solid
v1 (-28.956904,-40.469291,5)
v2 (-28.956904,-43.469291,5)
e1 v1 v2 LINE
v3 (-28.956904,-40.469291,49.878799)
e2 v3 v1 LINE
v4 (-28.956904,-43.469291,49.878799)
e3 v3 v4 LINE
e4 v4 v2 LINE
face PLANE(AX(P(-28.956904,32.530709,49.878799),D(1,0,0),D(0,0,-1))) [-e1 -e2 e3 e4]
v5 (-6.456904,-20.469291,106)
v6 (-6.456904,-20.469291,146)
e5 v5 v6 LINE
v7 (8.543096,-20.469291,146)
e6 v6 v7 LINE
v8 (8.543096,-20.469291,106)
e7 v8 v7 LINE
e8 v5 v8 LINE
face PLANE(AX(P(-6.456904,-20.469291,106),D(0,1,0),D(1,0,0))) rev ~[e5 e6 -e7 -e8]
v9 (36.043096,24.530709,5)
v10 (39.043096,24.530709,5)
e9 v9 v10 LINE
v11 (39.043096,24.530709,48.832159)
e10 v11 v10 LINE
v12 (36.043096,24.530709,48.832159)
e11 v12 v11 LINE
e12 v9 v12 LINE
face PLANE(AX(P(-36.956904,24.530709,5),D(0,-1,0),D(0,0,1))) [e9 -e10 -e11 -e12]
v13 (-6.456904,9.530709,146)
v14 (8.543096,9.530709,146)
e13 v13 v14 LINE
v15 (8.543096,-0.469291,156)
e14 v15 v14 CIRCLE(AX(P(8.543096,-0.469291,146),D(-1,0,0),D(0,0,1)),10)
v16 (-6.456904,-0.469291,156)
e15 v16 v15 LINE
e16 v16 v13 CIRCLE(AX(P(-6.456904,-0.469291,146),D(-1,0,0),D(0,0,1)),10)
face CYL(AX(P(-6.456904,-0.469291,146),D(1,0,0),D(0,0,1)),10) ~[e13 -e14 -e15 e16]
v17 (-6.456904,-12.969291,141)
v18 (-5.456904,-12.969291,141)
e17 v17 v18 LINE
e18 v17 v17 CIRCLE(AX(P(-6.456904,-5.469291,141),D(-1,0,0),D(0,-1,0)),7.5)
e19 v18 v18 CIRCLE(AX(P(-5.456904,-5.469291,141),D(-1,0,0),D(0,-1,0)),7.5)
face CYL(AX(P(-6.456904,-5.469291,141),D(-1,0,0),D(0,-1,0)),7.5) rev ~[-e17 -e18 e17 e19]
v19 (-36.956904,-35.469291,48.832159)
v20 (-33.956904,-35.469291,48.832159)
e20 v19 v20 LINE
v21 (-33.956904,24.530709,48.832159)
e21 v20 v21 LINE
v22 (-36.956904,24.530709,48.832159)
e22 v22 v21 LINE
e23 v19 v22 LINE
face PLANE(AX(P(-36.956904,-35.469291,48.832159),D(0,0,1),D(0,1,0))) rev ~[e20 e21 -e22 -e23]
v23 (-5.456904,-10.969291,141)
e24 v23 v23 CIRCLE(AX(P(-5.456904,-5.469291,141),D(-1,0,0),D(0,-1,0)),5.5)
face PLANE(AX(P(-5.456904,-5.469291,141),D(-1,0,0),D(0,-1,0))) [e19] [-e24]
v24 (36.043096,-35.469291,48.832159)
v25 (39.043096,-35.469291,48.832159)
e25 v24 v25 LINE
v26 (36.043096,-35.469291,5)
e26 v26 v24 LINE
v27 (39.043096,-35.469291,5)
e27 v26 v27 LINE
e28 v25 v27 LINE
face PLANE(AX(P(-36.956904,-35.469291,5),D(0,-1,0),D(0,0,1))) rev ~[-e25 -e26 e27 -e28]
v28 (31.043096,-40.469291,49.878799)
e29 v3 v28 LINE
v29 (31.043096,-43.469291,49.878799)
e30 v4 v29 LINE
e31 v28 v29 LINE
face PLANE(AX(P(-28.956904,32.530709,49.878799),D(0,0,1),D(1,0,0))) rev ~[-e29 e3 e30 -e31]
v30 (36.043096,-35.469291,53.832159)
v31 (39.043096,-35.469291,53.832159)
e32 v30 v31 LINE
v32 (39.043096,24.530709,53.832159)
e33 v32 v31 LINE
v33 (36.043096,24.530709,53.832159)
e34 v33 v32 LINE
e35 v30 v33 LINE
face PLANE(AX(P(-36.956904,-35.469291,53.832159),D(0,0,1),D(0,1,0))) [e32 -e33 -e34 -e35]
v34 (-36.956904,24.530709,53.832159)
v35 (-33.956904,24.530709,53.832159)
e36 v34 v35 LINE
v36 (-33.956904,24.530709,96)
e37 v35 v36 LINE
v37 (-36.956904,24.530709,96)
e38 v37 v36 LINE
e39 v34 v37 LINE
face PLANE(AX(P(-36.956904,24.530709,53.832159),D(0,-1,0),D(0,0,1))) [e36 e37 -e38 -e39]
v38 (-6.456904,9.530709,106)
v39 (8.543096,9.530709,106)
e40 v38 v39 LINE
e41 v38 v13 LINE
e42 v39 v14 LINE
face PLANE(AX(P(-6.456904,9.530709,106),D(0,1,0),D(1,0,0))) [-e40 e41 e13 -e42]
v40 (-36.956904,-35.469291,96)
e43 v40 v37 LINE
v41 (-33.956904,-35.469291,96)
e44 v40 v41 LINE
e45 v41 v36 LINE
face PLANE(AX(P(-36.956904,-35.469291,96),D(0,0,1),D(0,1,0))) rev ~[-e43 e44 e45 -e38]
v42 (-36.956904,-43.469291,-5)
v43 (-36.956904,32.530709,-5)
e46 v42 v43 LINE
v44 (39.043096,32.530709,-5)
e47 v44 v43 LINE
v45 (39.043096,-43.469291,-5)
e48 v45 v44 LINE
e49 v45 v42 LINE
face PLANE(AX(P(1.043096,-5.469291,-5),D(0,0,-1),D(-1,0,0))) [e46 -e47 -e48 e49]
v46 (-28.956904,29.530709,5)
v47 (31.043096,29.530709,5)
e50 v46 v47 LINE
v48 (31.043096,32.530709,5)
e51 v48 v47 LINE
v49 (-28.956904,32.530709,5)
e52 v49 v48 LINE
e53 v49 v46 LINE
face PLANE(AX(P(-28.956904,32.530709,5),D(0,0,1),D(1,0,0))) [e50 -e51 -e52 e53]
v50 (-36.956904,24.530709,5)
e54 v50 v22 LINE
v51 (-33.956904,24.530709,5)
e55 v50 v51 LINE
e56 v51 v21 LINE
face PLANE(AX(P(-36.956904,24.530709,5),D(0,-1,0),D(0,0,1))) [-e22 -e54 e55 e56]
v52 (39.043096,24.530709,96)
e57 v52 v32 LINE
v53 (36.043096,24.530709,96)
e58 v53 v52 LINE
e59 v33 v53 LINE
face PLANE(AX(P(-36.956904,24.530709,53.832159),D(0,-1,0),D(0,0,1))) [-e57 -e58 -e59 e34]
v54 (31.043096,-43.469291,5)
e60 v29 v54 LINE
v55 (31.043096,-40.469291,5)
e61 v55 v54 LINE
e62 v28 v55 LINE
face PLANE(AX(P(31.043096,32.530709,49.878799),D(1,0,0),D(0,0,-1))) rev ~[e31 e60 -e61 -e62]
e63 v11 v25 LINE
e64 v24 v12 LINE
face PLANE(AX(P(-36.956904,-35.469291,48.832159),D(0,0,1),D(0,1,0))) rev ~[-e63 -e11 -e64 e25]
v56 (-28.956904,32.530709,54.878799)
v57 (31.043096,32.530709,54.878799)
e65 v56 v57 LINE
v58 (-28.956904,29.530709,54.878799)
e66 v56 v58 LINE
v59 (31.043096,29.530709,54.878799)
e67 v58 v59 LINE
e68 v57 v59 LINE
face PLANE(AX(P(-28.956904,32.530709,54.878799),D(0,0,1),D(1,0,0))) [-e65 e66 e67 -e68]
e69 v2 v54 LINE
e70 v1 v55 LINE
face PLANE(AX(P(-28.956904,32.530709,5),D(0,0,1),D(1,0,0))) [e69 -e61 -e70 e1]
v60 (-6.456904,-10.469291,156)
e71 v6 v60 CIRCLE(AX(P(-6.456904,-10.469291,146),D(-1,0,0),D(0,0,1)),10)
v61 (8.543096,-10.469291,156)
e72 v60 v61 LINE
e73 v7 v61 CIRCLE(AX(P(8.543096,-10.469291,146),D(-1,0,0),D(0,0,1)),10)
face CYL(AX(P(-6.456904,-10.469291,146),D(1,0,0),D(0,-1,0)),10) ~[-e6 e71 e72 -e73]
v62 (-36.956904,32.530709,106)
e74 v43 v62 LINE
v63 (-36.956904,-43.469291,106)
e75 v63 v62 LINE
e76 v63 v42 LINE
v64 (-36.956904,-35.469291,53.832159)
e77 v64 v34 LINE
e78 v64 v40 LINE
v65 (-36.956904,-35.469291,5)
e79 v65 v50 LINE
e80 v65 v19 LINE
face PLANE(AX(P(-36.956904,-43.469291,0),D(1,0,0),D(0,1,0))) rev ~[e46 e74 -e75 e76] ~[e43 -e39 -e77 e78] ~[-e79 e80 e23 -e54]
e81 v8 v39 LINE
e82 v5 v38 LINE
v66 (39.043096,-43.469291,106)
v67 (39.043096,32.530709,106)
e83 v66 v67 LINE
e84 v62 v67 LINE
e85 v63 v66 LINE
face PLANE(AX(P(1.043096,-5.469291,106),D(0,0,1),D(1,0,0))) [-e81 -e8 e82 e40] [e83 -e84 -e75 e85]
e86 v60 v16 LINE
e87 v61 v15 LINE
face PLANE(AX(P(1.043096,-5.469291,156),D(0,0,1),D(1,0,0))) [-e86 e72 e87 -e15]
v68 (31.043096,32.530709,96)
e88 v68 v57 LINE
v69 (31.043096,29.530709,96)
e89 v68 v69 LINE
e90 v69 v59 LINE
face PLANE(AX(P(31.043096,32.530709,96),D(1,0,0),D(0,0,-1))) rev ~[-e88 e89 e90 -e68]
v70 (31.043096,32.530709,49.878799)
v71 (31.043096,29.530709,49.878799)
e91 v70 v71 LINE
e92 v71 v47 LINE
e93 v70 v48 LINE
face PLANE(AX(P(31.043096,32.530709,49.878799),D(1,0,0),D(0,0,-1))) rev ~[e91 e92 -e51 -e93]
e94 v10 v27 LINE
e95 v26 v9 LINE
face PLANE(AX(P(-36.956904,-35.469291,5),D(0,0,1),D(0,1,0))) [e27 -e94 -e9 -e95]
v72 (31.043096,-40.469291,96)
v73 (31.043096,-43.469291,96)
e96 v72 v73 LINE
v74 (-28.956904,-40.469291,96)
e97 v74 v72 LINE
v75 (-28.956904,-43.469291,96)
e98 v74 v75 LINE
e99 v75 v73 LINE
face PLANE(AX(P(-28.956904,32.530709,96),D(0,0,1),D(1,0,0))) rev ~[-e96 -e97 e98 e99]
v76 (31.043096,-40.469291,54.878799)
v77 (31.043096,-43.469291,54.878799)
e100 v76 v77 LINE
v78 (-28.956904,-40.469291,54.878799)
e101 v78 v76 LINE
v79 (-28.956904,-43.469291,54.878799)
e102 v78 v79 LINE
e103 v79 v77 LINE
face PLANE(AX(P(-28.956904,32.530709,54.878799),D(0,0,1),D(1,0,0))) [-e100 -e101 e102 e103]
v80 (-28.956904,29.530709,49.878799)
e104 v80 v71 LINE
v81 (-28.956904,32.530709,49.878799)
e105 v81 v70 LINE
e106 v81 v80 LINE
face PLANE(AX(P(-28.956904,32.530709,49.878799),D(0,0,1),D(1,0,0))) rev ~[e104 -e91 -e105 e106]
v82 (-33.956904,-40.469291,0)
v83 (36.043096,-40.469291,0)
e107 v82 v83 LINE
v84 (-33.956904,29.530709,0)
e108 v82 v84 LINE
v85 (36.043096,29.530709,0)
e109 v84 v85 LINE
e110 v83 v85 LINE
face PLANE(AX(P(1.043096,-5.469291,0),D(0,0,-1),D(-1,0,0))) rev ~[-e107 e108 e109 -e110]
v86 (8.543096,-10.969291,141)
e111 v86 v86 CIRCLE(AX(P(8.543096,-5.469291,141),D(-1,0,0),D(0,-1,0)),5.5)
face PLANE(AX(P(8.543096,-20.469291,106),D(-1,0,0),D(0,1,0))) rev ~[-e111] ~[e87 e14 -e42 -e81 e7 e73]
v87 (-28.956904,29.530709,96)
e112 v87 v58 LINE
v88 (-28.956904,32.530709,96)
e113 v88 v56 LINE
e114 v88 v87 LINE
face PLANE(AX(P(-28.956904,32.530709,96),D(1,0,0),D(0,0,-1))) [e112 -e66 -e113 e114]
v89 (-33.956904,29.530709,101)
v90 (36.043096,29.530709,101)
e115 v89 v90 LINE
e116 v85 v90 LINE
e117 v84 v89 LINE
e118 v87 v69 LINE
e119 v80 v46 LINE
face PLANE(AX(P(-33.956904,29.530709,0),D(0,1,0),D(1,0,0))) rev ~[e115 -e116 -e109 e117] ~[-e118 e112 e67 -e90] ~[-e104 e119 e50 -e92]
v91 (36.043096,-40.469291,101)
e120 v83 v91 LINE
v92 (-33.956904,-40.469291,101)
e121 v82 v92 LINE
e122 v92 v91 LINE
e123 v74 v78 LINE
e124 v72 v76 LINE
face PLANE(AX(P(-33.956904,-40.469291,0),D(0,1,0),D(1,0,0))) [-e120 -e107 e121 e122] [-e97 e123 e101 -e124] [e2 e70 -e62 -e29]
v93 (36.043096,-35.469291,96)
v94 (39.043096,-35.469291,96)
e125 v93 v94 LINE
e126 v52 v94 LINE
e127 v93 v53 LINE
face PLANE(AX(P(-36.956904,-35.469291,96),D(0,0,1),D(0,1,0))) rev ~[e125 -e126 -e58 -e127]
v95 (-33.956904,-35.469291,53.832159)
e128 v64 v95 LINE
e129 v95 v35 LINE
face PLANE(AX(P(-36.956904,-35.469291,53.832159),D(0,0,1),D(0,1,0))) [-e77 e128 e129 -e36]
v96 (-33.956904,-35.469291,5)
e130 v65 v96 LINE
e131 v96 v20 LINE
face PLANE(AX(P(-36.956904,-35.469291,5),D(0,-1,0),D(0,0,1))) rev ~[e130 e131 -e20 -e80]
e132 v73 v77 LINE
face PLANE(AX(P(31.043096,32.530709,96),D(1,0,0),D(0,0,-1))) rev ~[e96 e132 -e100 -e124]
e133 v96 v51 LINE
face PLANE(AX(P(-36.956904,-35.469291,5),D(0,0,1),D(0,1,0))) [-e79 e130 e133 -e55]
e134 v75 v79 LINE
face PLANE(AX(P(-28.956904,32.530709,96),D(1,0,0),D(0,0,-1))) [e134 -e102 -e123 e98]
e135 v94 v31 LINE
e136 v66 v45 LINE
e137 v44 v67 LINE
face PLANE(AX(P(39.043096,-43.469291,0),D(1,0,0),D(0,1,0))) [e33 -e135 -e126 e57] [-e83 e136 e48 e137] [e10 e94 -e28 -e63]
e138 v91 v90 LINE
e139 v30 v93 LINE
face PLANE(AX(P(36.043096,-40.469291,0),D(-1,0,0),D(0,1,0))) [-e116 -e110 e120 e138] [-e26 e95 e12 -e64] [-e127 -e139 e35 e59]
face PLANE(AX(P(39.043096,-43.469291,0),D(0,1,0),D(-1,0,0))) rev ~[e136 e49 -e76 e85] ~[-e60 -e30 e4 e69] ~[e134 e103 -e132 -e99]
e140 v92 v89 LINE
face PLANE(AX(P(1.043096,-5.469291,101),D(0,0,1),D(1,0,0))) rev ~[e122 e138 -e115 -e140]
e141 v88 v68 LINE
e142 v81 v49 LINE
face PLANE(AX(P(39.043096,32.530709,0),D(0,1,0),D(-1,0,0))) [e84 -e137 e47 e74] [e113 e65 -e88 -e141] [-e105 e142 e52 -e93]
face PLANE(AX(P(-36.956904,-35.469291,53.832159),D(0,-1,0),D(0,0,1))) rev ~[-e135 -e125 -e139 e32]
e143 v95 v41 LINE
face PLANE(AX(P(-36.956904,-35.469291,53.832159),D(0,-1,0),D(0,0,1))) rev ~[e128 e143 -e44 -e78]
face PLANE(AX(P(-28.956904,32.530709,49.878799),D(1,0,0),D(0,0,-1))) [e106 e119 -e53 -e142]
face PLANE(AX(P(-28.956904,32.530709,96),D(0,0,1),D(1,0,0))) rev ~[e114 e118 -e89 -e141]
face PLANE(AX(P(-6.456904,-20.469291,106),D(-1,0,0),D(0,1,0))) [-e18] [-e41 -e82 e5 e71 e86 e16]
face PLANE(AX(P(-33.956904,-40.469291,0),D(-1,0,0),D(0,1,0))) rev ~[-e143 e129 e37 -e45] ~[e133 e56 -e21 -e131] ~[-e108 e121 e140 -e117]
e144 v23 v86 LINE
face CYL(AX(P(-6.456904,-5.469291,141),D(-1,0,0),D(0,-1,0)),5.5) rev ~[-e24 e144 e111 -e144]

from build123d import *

# Parameters (mm, degrees)
ESQUISSE1_W             = 76
ESQUISSE1_H             = 76
ESQUISSE1_W_2           = 70
ESQUISSE1_H_2           = 70
BOSS_EXTRU_2_DEPTH      = 101
ESQUISSE2_W             = 76
ESQUISSE2_H             = 76
BOSS_EXTRU_3_DEPTH      = 5
ESQUISSE3_W             = 76
ESQUISSE3_H             = 76
BOSS_EXTRU_4_DEPTH      = 5
ESQUISSE4_W             = 60
ESQUISSE4_H             = 44.878799425
ESQUISSE4_H_2           = 41.121200575
ENL_V_MAT_EXTRU_1_DEPTH = 80
ESQUISSE5_W             = 43.832159463
ESQUISSE5_H             = 60
ESQUISSE5_W_2           = 42.167840537
ENL_V_MAT_EXTRU_2_DEPTH = 80
ESQUISSE8_W             = 15
ESQUISSE8_H             = 30
BOSS_EXTRU_6_DEPTH      = 50
CONG_6_R                = 10
CONG_7_R                = 10
ESQUISSE10_R            = 5.5
ENL_V_MAT_EXTRU_3_DEPTH = 25
ESQUISSE11_R            = 7.5
ENL_V_MAT_EXTRU_4_DEPTH = 1


with BuildPart() as part:
    # Esquisse1 → Boss.-Extru.2 (new body)
    with BuildSketch(Plane.XY):
        with Locations((1.043095631, -5.469290785)):
            Rectangle(ESQUISSE1_W, ESQUISSE1_H)
        with Locations((1.043095631, -5.469290785)):
            Rectangle(ESQUISSE1_W_2, ESQUISSE1_H_2, mode=Mode.SUBTRACT)
    extrude(amount=BOSS_EXTRU_2_DEPTH)

    # Esquisse2 → Boss.-Extru.3 (add)
    with BuildSketch(Plane.XY.offset(101)):
        with Locations((1.043095631, -5.469290785)):
            Rectangle(ESQUISSE2_W, ESQUISSE2_H)
    extrude(amount=BOSS_EXTRU_3_DEPTH)

    # Esquisse3 → Boss.-Extru.4 (add)
    with BuildSketch(Plane(origin=(0, 0, 0), x_dir=(-1, 0, 0), z_dir=(0, 0, -1))):
        with Locations((-1.043095631, -5.469290785)):
            Rectangle(ESQUISSE3_W, ESQUISSE3_H)
    extrude(amount=BOSS_EXTRU_4_DEPTH)

    # Esquisse4 → Enlèv. mat.-Extru.1 (cut)
    with BuildSketch(Plane(origin=(0, 32.530709215, 0), x_dir=(1, 0, 0), z_dir=(0, 1, 0))):
        with Locations((1.043095631, -27.439399713)):
            Rectangle(ESQUISSE4_W, ESQUISSE4_H)
        with Locations((1.043095631, -75.439399713)):
            Rectangle(ESQUISSE4_W, ESQUISSE4_H_2)
    extrude(amount=-ENL_V_MAT_EXTRU_1_DEPTH, mode=Mode.SUBTRACT)

    # Esquisse5 → Enlèv. mat.-Extru.2 (cut)
    with BuildSketch(Plane.ZY.offset(36.956904369)):
        with Locations((26.916079732, -5.469290785)):
            Rectangle(ESQUISSE5_W, ESQUISSE5_H)
        with Locations((74.916079732, -5.469290785)):
            Rectangle(ESQUISSE5_W_2, ESQUISSE5_H)
    extrude(amount=-ENL_V_MAT_EXTRU_2_DEPTH, mode=Mode.SUBTRACT)

    # Esquisse8 → Boss.-Extru.6 (add)
    with BuildSketch(Plane.XY.offset(106)):
        with Locations((1.043095631, -5.469290785)):
            Rectangle(ESQUISSE8_W, ESQUISSE8_H)
    extrude(amount=BOSS_EXTRU_6_DEPTH)

    # Congé6
    cong_6_edges = [part.edges().sort_by_distance(p)[0] for p in [
        (1.043095631, -20.469290785, 156),
    ]]
    fillet(cong_6_edges, radius=CONG_6_R)

    # Congé7
    cong_7_edges = [part.edges().sort_by_distance(p)[0] for p in [
        (1.043095631, 9.530709215, 156),
    ]]
    fillet(cong_7_edges, radius=CONG_7_R)

    # Esquisse10 → Enlèv. mat.-Extru.3 (cut)
    with BuildSketch(Plane.ZY.offset(6.456904369)):
        with Locations(Location((141, -5.469290785, 0), (0, 0, 270))):
            Circle(ESQUISSE10_R)
    extrude(amount=-ENL_V_MAT_EXTRU_3_DEPTH, mode=Mode.SUBTRACT)

    # Esquisse11 → Enlèv. mat.-Extru.4 (cut)
    with BuildSketch(Plane.ZY.offset(6.456904369)):
        with Locations(Location((141, -5.469290785, 0), (0, 0, 270))):
            Circle(ESQUISSE11_R)
    extrude(amount=-ENL_V_MAT_EXTRU_4_DEPTH, mode=Mode.SUBTRACT)


solid = part.part
